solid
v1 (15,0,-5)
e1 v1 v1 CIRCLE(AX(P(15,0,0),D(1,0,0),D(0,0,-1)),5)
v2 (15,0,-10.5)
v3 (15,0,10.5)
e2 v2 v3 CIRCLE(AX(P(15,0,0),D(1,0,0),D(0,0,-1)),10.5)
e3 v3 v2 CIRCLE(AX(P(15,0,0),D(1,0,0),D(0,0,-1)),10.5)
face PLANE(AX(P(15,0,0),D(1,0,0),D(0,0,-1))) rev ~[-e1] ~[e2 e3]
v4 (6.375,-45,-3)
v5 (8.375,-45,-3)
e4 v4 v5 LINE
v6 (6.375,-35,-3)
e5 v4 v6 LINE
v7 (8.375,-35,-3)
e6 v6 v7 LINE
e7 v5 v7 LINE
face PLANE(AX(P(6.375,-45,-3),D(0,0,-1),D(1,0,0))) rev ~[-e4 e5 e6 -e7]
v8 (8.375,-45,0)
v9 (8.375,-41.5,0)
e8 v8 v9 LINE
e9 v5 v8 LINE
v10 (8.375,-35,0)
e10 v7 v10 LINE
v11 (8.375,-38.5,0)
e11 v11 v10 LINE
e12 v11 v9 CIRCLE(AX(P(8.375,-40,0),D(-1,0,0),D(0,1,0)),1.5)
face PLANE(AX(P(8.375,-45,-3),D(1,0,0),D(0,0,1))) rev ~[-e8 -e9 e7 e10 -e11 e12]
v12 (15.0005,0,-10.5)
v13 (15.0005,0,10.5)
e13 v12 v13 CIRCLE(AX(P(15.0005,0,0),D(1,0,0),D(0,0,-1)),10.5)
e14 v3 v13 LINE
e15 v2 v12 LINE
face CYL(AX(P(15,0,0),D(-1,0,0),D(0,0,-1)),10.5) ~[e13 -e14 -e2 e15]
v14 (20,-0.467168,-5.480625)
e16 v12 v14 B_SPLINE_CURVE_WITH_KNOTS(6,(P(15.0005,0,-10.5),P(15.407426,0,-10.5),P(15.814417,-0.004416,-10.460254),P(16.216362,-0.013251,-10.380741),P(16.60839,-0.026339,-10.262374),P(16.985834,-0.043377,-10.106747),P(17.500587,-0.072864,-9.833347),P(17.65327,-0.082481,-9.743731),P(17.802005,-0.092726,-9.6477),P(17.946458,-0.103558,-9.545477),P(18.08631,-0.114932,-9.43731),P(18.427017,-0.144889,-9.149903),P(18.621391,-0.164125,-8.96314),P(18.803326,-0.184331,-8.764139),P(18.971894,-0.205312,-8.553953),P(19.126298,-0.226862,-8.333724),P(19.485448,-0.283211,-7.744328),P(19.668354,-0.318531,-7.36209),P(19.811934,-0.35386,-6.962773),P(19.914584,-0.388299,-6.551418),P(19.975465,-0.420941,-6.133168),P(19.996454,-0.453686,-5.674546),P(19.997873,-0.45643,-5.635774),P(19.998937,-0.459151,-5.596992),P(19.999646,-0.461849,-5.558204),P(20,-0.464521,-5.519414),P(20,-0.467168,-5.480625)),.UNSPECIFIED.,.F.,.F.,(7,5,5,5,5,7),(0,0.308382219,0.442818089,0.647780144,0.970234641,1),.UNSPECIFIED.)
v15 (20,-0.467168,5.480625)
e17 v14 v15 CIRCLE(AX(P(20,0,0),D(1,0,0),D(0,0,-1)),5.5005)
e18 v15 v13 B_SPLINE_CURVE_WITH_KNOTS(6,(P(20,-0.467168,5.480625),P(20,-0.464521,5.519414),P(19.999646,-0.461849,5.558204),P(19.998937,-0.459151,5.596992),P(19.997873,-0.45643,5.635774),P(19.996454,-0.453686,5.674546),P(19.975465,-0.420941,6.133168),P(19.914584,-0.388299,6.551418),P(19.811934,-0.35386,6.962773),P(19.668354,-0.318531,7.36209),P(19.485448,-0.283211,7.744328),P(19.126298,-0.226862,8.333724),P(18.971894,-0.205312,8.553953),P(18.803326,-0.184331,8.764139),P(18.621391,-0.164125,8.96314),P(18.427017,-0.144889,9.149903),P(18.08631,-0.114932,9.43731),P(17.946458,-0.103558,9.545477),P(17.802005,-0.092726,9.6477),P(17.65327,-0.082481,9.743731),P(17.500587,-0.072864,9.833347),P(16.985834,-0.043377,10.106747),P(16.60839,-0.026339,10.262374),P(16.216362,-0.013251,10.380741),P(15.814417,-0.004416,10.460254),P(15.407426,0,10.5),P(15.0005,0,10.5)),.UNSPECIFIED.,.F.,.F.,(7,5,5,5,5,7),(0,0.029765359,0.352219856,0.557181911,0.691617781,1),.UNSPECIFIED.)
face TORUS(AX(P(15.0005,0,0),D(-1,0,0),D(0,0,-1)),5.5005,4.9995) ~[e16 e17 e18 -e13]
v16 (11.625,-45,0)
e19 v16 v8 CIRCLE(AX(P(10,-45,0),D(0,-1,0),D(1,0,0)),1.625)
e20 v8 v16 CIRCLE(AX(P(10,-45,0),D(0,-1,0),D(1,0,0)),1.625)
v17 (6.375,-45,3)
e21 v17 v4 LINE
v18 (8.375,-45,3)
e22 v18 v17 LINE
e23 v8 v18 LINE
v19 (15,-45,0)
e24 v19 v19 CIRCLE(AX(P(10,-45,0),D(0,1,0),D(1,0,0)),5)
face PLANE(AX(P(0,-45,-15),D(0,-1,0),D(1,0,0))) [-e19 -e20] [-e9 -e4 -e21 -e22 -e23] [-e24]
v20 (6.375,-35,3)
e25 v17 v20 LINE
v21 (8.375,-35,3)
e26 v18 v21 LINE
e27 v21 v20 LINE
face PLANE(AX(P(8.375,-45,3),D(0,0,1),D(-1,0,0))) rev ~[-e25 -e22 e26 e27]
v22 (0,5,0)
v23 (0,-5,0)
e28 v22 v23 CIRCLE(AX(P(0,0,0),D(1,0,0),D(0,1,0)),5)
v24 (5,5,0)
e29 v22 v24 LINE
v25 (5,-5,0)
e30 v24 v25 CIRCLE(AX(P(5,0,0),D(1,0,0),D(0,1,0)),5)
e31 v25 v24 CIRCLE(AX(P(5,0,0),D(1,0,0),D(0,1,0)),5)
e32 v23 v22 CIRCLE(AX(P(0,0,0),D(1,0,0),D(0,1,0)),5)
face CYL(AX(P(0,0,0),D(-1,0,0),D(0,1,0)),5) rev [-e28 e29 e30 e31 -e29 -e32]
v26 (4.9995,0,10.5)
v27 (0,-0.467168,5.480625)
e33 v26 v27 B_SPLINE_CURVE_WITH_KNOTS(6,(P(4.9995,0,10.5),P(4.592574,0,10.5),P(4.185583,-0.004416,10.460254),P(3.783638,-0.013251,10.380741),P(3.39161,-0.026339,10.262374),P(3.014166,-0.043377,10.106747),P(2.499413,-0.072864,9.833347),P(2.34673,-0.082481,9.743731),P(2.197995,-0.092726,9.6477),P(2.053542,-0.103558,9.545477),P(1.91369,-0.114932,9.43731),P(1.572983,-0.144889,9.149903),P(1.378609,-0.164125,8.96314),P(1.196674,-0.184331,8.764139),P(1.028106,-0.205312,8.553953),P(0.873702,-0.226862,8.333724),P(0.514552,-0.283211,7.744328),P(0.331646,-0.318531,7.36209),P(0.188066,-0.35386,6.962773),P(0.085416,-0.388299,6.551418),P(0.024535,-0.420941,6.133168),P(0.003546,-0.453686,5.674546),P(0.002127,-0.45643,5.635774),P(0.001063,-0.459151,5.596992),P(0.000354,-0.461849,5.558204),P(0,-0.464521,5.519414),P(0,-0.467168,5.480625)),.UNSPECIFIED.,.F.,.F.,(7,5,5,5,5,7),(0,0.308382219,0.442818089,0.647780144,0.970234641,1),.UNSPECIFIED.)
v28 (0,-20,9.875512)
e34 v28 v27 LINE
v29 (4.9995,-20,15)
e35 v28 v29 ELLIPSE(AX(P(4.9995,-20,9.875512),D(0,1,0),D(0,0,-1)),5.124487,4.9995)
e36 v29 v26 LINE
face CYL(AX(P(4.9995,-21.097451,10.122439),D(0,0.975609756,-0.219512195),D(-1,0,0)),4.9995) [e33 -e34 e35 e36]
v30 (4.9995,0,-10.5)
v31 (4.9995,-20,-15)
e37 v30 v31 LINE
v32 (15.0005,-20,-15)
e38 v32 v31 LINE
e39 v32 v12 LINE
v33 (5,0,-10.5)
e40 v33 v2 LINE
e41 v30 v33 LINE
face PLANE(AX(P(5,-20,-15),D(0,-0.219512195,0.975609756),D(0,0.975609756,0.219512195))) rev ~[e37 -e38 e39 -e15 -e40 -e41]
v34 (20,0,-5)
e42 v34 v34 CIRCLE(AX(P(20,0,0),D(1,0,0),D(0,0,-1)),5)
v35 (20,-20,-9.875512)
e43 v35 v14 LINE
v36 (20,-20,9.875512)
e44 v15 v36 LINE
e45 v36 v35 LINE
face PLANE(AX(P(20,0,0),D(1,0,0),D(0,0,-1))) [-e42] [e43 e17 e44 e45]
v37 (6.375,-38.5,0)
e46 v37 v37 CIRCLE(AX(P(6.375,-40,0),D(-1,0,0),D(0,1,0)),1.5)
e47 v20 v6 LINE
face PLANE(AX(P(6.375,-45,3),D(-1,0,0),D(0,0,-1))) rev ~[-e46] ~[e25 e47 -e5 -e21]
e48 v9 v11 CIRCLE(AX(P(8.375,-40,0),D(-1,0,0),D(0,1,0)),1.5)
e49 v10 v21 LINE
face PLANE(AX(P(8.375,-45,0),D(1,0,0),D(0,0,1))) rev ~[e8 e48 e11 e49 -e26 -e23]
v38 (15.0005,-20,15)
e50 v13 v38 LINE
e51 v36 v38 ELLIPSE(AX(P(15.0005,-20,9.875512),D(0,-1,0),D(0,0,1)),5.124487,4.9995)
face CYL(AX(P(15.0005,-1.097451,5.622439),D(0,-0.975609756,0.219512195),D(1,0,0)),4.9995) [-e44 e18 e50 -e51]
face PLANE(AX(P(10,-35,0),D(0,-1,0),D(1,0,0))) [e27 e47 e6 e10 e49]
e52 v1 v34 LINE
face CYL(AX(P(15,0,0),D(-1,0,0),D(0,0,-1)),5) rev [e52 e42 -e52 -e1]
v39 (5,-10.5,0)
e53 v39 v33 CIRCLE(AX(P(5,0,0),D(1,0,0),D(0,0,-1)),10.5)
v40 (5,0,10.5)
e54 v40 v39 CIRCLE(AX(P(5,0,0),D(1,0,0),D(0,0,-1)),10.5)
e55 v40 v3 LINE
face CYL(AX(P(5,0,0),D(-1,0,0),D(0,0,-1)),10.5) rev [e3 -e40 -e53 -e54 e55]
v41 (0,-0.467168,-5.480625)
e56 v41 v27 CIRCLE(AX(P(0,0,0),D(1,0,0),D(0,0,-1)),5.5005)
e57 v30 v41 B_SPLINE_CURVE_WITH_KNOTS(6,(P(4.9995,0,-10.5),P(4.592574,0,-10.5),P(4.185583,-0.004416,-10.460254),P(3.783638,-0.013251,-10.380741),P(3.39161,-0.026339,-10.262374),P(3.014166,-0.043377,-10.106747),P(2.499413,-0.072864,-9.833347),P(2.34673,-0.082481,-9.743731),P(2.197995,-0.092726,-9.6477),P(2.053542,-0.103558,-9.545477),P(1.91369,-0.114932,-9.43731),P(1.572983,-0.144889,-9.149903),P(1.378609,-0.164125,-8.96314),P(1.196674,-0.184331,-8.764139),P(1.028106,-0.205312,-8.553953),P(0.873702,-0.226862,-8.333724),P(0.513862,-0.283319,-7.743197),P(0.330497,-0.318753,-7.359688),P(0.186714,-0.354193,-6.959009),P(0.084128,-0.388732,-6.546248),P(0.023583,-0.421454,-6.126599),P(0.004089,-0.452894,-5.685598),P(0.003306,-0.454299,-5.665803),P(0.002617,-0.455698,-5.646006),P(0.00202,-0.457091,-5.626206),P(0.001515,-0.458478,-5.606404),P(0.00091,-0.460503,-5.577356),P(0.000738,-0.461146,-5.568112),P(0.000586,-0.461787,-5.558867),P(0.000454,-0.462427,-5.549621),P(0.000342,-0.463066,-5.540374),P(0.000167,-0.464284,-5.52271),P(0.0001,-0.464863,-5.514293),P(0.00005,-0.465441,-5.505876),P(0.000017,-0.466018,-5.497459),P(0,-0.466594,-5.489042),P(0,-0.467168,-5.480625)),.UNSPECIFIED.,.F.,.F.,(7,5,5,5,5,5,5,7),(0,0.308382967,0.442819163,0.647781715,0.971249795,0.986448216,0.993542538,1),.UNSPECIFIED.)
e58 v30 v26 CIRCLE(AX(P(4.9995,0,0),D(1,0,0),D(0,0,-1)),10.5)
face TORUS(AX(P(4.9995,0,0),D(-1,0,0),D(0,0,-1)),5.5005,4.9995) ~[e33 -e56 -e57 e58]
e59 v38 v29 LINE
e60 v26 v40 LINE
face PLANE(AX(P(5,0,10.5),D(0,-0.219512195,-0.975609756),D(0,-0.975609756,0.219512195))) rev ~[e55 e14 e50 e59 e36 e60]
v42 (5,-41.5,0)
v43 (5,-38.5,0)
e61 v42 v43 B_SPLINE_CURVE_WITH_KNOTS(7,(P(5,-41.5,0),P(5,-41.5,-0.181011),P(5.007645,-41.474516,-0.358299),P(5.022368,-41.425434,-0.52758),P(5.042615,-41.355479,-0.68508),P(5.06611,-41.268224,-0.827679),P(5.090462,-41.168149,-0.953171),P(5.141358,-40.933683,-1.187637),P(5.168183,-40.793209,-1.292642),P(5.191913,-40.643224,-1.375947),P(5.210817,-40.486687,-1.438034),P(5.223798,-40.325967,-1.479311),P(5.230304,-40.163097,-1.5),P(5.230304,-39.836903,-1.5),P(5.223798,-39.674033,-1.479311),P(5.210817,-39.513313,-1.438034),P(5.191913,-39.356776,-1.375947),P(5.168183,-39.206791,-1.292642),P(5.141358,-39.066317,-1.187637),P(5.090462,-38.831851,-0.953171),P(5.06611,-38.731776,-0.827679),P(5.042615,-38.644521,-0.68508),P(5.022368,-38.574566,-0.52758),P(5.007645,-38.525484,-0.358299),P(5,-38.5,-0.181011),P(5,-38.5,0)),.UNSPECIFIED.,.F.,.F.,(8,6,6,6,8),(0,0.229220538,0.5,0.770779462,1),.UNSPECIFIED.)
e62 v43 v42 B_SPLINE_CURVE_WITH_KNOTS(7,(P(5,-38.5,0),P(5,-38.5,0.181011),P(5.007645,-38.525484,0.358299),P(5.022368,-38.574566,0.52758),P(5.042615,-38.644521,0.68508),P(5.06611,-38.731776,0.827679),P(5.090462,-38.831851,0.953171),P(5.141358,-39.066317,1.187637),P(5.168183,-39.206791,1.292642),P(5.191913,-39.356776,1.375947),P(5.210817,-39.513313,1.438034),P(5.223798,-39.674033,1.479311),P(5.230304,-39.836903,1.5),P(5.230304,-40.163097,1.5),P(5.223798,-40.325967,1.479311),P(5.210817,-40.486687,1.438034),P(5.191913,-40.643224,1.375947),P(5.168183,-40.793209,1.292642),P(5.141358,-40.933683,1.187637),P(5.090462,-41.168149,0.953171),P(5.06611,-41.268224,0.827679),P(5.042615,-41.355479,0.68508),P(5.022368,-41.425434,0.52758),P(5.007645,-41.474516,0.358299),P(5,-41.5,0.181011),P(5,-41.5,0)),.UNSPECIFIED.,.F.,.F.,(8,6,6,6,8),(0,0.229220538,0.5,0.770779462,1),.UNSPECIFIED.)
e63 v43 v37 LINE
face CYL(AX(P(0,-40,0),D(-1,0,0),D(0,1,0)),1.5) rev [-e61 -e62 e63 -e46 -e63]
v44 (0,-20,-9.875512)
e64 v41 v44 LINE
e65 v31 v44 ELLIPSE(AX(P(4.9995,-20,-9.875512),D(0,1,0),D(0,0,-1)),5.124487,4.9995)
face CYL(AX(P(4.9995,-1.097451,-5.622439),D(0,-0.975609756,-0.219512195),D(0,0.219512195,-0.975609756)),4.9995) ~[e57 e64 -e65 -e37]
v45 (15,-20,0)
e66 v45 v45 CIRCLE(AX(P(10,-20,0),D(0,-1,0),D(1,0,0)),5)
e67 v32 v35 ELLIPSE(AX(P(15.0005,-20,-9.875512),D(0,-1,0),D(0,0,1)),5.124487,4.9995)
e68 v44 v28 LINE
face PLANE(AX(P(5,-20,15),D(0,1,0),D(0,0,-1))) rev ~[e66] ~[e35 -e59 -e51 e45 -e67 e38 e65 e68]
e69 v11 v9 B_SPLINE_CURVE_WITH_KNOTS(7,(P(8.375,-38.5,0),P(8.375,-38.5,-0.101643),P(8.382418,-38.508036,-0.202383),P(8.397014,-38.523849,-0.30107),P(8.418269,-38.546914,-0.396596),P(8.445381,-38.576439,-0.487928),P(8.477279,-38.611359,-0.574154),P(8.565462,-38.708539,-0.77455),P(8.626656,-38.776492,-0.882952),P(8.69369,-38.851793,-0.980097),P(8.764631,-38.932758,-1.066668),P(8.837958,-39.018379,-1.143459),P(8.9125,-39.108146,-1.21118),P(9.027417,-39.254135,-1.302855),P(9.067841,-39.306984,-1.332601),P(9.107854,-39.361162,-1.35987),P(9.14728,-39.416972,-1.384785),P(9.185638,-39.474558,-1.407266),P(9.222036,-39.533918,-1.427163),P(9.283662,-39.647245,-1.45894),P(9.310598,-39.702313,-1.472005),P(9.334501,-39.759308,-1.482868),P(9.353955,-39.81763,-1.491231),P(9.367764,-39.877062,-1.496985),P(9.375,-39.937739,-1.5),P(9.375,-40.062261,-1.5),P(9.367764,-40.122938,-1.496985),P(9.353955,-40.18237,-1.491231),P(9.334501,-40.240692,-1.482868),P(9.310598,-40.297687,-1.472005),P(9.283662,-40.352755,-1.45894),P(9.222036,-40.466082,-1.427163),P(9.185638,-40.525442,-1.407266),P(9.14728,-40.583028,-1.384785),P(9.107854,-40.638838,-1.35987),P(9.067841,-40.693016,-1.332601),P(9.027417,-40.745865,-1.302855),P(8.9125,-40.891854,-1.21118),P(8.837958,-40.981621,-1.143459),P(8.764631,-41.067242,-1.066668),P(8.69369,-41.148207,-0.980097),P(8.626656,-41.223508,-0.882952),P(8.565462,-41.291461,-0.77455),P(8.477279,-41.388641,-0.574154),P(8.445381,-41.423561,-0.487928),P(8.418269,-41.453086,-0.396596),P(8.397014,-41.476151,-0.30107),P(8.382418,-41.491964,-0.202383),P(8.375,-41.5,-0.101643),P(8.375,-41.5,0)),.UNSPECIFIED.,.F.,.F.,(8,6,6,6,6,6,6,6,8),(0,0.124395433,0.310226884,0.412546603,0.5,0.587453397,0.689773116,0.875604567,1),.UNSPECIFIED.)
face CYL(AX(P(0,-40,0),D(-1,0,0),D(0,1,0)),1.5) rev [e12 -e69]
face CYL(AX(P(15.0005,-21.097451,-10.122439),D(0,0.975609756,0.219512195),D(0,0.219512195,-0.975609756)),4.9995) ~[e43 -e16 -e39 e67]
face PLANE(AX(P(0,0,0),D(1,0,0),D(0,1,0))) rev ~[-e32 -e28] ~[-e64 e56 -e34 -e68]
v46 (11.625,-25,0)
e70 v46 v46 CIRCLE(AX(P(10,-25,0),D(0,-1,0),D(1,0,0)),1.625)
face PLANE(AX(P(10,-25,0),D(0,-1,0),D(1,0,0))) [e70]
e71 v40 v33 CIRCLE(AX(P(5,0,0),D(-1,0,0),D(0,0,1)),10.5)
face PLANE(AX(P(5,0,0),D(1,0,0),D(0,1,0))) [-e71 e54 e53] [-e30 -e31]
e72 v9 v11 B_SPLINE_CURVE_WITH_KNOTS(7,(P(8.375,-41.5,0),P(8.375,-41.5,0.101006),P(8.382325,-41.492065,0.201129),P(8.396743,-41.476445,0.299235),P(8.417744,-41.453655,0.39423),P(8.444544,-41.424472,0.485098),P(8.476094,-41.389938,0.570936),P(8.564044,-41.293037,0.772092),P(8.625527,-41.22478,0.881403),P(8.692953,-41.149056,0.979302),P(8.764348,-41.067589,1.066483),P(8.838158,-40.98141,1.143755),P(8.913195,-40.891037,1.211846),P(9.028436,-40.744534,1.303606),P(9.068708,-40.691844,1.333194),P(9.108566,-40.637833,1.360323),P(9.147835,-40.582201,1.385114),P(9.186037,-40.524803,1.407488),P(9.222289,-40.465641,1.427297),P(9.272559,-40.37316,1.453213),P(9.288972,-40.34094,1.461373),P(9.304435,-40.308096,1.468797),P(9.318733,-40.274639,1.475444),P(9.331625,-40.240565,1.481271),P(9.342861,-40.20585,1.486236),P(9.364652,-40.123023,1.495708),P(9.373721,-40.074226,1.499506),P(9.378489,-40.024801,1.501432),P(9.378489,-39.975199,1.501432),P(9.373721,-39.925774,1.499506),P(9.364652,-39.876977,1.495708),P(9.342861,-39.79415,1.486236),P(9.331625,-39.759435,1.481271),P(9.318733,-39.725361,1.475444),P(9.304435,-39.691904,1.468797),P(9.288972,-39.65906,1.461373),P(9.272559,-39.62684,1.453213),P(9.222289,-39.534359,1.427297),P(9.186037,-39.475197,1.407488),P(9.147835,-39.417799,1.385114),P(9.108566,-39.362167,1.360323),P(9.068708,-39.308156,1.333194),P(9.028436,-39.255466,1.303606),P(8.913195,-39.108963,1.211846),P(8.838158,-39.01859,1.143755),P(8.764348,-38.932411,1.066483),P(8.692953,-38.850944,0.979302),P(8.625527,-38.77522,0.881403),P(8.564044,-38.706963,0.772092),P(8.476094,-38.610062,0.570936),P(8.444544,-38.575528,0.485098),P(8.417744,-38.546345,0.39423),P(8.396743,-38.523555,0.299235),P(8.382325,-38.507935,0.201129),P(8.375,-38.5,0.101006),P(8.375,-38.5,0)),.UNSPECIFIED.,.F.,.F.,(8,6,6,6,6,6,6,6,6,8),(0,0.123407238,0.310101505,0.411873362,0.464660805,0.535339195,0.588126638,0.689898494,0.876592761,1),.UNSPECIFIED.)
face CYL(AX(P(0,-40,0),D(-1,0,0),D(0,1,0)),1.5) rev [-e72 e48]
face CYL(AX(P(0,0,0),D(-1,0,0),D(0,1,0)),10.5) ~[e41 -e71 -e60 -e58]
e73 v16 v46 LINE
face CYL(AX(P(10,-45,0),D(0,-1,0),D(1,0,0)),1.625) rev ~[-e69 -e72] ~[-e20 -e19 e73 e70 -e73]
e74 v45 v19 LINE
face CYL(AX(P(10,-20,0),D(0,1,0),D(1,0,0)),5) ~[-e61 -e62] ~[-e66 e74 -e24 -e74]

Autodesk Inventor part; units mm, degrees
ref_plane "YZ Plane" through (0, 0, 0) normal (1, 0, 0) x (0, 1, 0)
ref_plane "XZ Plane" through (0, 0, 0) normal (0, 1, 0) x (-1, 0, 0)
ref_plane "XY Plane" through (0, 0, 0) normal (0, 0, 1) x (1, 0, 0)
sketch "Sketch1" plane through (0, 0, 0) normal (1, 0, 0) x (0, 1, 0)
  circle A0 centre (0, 0) radius 5
  circle A1 centre (0, 0) radius 10.5
  line L0 (0, 0) -> (-20, 0)
  line L1 (-20, 0) -> (-20, -15)
  line L2 (-20, -15) -> (-20, 15)
  line L3 (-20, 15) -> (0, 10.5)
  line L4 (0, -10.5) -> (-20, -15)
  dimension "d0" = 10
  dimension "d1" = 21
  dimension "d2" = 20
  dimension "d3" = 15
  dimension "d4" = 30
extrude "Extrusion1" add sketch "Sketch1" along normal blind 5
sketch "Sketch2" plane through (5, 0, 0) normal (1, 0, 0) x (0, 0, -1)
  arc A0 (10.5, 0) -> (-10.5, 0) centre (0, 0) ccw projected
  circle A1 centre (0, 0) radius 10.5
  line L0 (-10.5, 0) -> (-15, -20) projected
  line L1 (-10.5, 0) -> (-15, -20)
  line L2 (15, -20) -> (10.5, 0) projected
  line L3 (-15, -20) -> (15, -20)
  line L4 (15, -20) -> (10.5, 0)
  point P0 (-10.5, 0)
extrude "Extrusion2" add sketch "Sketch2" along normal blind 10 contours L2 L3 L0 A1
sketch "Sketch4" plane through (15, 0, 0) normal (1, 0, 0) x (0, 0, -1)
  circle A0 centre (0, 0) radius 5
  circle A1 centre (0, 0) radius 10.5
  line L0 (15, -20) -> (10.5, 0) projected
  line L1 (10.5, 0) -> (15, -20)
  line L2 (-15, -20) -> (15, -20) projected
  line L3 (15, -20) -> (-15, -20)
  line L4 (-10.5, 0) -> (-15, -20) projected
  line L5 (-15, -20) -> (-10.5, 0)
extrude "Extrusion3" add sketch "Sketch4" along normal blind 5
sketch "Sketch5" plane through (0, -20, -15) normal (0, -1, 0) x (1, 0, 0)
  line L0 (20, 4.5) -> (20, 25.5) projected
  line L1 (20, 15) -> (0, 15)
  circle A0 centre (10, 15) radius 5
  dimension "d11" = 10
extrude "Extrusion4" add sketch "Sketch5" along normal blind 25
fillet "Fillet1" radius 5 6 edges at (20, -10, 12.75) (20, -10, -12.75) (20, 10.5, 0) (0, 10.5, 0) (0, -10, -12.75) (0, -10, 12.75)
sketch "Sketch6" plane through (10, -45, 0) normal (0, -1, 0) x (1, 0, 0)
  circle A0 centre (0, 0) radius 5 projected
  circle A1 centre (0, 0) radius 1.625
  point P0 (-10, 0)
  dimension "d15" = 3.25
extrude "Extrusion5" cut sketch "Sketch6" against normal blind 20 contours A1
sketch "Sketch7" plane through (0, 0, 0) normal (1, 0, 0) x (0, 1, 0)
  line L0 (-45, 5) -> (-45, -5) projected
  line L1 (-45, 0) -> (-40, 0)
  circle A0 centre (-40, 0) radius 1.5
  point P0 (0, 0)
  dimension "d18" = 5
  dimension "d19" = 3
extrude "Extrusion6" cut sketch "Sketch7" along normal blind 10
sketch "Sketch8" plane through (10, -45, 0) normal (0, -1, 0) x (1, 0, 0)
  circle A0 centre (0, 0) radius 1.625 projected
  line L0 (-1.625, 0) -> (-1.625, 3)
  line L1 (-1.625, 3) -> (-3.625, 3)
  line L2 (-3.625, 3) -> (-3.625, -3)
  line L3 (-3.625, -3) -> (-1.625, -3)
  line L4 (-1.625, -3) -> (-1.625, 0)
  point P0 (-10, 0)
  dimension "d22" = 3
  dimension "d23" = 2
  dimension "d24" = 6
extrude "Extrusion7" cut sketch "Sketch8" against normal blind 10 contours L4 L3 L2 L1 L0
properties part number "wrist"
